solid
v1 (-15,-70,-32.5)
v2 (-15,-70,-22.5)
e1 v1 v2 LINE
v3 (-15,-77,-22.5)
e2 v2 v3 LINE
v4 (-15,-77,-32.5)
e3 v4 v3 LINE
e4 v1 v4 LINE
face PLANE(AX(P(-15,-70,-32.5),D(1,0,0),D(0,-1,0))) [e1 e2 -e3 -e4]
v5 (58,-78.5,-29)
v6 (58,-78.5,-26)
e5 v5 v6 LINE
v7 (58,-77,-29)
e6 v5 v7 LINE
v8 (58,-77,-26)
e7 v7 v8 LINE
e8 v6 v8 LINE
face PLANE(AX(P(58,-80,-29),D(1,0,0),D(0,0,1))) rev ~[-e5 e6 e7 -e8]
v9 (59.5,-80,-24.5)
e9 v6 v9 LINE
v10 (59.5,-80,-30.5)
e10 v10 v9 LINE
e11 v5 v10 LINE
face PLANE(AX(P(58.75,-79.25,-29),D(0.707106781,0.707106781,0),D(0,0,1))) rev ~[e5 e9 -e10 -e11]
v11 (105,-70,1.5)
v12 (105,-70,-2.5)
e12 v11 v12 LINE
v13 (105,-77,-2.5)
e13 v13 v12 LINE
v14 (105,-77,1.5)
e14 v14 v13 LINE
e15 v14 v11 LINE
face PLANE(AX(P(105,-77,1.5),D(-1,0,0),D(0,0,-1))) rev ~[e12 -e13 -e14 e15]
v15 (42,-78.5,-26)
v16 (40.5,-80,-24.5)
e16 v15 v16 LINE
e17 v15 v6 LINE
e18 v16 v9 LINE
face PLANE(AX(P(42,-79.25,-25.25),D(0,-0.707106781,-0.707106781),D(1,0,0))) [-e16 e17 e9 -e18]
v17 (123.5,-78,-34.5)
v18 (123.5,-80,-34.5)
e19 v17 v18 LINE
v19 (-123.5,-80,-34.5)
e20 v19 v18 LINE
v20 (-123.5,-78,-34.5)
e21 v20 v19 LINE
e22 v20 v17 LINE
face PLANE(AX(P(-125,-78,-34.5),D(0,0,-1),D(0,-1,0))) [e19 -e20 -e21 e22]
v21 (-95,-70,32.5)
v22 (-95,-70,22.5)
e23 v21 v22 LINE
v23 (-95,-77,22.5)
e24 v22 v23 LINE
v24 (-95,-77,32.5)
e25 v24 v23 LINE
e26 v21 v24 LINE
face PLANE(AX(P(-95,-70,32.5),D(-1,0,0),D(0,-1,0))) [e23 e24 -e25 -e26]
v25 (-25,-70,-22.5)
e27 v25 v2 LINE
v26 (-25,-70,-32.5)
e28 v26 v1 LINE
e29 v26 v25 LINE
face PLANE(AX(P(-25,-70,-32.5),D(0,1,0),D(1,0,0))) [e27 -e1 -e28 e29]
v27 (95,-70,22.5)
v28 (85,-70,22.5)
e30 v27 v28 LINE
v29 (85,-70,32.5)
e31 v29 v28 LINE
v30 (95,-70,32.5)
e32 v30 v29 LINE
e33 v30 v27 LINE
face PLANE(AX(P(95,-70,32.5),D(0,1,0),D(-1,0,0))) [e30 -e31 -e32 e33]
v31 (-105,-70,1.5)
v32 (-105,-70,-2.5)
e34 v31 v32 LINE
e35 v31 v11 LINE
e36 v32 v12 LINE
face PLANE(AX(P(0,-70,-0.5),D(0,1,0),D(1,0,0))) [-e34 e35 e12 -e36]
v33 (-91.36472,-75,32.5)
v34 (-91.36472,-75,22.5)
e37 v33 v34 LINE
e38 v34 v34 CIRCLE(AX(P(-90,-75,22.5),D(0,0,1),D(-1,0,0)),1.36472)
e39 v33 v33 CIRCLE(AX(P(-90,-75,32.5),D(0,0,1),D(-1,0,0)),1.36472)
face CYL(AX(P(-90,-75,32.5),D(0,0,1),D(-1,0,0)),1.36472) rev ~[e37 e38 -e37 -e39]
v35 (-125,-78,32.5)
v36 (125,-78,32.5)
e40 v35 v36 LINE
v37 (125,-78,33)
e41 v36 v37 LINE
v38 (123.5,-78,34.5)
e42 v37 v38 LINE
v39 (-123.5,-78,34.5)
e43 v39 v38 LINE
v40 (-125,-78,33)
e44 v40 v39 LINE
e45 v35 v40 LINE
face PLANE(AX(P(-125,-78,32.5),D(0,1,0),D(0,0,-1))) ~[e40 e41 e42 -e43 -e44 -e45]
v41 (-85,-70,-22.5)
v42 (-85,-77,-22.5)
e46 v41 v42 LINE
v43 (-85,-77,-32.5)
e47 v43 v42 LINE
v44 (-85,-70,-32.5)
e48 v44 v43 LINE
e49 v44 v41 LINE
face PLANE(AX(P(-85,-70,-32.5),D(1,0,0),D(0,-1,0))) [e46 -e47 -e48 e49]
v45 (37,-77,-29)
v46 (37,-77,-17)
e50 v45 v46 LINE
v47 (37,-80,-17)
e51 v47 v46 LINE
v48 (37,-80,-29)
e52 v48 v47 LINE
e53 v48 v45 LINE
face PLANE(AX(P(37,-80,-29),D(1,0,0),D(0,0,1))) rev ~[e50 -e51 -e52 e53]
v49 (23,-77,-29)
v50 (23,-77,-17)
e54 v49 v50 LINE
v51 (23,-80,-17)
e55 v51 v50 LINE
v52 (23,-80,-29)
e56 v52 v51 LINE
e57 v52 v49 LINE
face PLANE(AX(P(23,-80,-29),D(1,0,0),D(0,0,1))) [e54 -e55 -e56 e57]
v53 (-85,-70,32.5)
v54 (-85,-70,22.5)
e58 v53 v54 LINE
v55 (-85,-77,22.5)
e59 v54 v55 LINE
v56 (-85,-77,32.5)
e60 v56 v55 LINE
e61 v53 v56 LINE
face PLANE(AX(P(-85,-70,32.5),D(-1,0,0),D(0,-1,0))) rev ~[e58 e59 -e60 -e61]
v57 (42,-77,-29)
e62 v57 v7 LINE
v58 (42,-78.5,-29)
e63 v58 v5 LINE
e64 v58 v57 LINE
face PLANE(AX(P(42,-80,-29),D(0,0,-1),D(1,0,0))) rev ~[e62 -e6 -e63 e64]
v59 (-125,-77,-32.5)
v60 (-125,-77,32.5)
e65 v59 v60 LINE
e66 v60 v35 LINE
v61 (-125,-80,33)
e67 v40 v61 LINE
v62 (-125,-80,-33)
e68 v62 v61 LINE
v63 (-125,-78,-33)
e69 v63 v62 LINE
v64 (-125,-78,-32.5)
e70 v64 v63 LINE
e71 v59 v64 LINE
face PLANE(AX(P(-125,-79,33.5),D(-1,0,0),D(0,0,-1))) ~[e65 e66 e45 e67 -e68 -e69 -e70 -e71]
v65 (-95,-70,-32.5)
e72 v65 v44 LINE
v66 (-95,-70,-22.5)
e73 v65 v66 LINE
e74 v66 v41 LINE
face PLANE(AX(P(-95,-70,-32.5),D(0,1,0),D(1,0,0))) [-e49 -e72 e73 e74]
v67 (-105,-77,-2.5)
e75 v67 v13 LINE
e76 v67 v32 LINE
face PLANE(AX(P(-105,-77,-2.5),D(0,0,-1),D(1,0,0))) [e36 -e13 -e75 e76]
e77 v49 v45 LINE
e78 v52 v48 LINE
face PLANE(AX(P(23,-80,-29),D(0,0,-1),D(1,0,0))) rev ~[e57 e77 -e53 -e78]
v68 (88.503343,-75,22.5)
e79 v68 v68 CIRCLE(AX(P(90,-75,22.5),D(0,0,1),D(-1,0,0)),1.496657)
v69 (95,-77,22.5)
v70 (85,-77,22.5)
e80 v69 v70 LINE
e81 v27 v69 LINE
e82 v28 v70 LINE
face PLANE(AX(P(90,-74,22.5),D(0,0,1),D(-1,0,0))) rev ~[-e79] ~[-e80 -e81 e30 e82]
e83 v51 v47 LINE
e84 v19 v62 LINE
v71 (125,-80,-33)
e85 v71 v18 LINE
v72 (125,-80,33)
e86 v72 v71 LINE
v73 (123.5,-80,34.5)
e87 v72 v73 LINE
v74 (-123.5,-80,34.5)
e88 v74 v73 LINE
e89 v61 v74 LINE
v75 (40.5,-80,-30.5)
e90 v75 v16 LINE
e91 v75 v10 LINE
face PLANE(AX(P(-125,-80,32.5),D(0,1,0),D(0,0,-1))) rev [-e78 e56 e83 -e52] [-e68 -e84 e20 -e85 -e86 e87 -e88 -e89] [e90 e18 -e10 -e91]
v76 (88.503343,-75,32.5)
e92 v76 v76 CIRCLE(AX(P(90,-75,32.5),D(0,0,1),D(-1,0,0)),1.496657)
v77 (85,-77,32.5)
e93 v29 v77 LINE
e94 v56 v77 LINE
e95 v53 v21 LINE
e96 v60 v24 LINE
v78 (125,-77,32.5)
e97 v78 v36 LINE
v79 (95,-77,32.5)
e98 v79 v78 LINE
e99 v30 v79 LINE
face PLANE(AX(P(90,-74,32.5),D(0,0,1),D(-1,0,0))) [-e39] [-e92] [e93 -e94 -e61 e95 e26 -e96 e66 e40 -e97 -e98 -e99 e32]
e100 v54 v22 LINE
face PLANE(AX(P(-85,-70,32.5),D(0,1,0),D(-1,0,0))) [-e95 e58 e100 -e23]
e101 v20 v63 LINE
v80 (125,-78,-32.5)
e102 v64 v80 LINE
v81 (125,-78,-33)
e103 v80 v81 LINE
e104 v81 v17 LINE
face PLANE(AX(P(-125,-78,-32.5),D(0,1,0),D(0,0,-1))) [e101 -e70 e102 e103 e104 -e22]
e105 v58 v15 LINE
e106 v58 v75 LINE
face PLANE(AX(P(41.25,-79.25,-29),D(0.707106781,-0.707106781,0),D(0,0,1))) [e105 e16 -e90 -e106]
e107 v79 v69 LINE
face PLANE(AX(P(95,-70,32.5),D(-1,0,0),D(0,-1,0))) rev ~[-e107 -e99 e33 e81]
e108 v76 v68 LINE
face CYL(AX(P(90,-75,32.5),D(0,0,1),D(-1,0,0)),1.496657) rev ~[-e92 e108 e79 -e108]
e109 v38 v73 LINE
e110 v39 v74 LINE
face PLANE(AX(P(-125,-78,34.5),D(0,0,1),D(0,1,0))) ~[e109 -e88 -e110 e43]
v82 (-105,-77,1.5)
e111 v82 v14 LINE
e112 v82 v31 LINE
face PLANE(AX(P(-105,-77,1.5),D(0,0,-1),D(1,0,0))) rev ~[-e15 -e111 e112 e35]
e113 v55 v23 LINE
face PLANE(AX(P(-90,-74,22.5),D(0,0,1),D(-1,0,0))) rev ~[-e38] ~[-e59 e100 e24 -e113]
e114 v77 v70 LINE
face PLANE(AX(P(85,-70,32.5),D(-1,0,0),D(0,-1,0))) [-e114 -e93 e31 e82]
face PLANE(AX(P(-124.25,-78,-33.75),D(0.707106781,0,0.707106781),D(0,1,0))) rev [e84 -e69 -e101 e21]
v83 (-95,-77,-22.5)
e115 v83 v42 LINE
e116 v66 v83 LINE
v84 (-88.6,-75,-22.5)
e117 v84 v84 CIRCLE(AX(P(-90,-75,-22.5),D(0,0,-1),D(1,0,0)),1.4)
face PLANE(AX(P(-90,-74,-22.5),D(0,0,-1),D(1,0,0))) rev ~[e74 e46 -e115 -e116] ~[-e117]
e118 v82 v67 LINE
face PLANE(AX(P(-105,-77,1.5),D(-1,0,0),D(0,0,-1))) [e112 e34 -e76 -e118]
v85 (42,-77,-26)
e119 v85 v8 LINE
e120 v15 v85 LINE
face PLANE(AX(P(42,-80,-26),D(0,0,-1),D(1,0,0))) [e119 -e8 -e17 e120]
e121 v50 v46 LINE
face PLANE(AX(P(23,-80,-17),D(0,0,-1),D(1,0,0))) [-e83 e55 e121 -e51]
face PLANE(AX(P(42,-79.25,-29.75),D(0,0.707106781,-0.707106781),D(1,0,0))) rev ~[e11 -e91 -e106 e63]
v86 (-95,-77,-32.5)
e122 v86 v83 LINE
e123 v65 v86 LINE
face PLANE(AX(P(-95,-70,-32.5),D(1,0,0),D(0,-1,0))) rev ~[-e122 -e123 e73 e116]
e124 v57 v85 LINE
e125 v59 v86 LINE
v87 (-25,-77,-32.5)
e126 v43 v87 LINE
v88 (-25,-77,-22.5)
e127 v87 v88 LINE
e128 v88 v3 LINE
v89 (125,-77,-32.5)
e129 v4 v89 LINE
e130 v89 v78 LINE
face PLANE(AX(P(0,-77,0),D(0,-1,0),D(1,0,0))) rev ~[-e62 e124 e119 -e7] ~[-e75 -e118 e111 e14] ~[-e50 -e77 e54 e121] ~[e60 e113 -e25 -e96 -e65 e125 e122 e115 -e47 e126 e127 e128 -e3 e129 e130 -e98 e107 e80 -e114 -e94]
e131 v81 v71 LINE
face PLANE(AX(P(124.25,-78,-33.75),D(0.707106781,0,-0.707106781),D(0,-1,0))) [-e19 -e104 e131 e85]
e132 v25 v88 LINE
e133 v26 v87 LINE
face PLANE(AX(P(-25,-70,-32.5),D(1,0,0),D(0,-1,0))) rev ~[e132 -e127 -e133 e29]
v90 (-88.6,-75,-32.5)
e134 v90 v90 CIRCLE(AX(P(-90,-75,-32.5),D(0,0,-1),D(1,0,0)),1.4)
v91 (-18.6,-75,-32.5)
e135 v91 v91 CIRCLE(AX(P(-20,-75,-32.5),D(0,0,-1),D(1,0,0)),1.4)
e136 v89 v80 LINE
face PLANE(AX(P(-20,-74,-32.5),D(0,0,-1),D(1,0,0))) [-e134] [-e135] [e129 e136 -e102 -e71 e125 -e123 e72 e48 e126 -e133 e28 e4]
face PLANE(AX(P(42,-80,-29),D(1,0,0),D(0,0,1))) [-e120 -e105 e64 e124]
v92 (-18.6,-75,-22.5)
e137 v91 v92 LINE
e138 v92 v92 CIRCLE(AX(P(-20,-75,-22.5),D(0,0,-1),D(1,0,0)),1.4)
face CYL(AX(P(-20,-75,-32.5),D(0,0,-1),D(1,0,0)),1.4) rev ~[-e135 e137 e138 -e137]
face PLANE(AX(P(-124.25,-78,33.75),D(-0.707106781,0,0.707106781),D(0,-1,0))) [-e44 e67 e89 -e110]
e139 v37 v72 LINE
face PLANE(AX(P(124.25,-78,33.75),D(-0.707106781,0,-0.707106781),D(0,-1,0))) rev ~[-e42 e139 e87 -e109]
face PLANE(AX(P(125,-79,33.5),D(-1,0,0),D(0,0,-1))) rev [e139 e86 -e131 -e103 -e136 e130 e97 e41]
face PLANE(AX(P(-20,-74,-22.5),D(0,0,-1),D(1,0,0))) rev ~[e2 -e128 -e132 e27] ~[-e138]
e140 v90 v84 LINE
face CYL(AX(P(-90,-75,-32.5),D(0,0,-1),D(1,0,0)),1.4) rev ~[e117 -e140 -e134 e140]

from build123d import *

# Parameters (mm, degrees)
SKETCH006_W     = 250
SKETCH006_H     = 65
PAD003_DEPTH    = 3
SKETCH014_W     = 14
SKETCH014_H     = 12
SKETCH014_W_2   = 16
SKETCH014_H_2   = 3
POCKET006_DEPTH = 5
SKETCH029_W     = 10
SKETCH029_H     = 8
PAD010_DEPTH    = 10
SKETCH034_W     = 10
SKETCH034_H     = 8
PAD012_DEPTH    = 10
SKETCH038_R     = 1.496657
SKETCH038_R_2   = 1.36472
POCKET040_DEPTH = 11
SKETCH030_R     = 1.4
POCKET041_DEPTH = 14
SKETCH041_W     = 210
SKETCH041_H     = 4
PAD022_DEPTH    = 7
SKETCH042_W     = 2
SKETCH042_H     = 2
PAD023_DEPTH    = 250
CHAMFER036_SIZE = 1.5


with BuildPart() as part:
    # Sketch006 → Pad003 (new body)
    with BuildSketch(Plane.XZ):
        Rectangle(SKETCH006_W, SKETCH006_H)
    extrude(amount=PAD003_DEPTH)

    # Sketch014 (on Face6 of Pad003) → Pocket006 (cut)
    with BuildSketch(Plane.XZ.offset(3)):
        with Locations((30, -23)):
            Rectangle(SKETCH014_W, SKETCH014_H)
        with Locations((50, -27.5)):
            Rectangle(SKETCH014_W_2, SKETCH014_H_2)
    extrude(amount=-POCKET006_DEPTH, mode=Mode.SUBTRACT)

    # Sketch029 (on Face1 of Pocket006) → Pad010 (join)
    with BuildSketch(Plane(origin=(0, 0, 32.5), x_dir=(-1, 0, 0), z_dir=(0, 0, 1))):
        with Locations((-90, -3)):
            Rectangle(SKETCH029_W, SKETCH029_H)
        with Locations((90, -3)):
            Rectangle(SKETCH029_W, SKETCH029_H)
    extrude(amount=-PAD010_DEPTH)

    # Sketch034 → Pad012 (join)
    with BuildSketch(Plane(origin=(0, 0, -32.5), x_dir=(1, 0, 0), z_dir=(0, 0, -1))):
        with Locations((-20, -3)):
            Rectangle(SKETCH034_W, SKETCH034_H)
        with Locations((-90, -3)):
            Rectangle(SKETCH034_W, SKETCH034_H)
    extrude(amount=-PAD012_DEPTH)

    # Sketch038 (on Face30 of Pad012) → Pocket040 (cut)
    with BuildSketch(Plane(origin=(0, 0, 32.5), x_dir=(-1, 0, 0), z_dir=(0, 0, 1))):
        with Locations((-90, -2)):
            Circle(SKETCH038_R)
        with Locations((90, -2)):
            Circle(SKETCH038_R_2)
    extrude(amount=-POCKET040_DEPTH, mode=Mode.SUBTRACT)

    # Sketch030 → Pocket041 (cut)
    with BuildSketch(Plane(origin=(0, 0, -32.5), x_dir=(1, 0, 0), z_dir=(0, 0, -1))):
        with Locations((-20, -2)):
            Circle(SKETCH030_R)
        with Locations((-90, -2)):
            Circle(SKETCH030_R)
    extrude(amount=-POCKET041_DEPTH, mode=Mode.SUBTRACT)

    # Sketch041 → Pad022 (join)
    with BuildSketch(Plane(origin=(0, 0, 0), x_dir=(1, 0, 0), z_dir=(0, 1, 0))):
        with Locations((0, 0.5)):
            Rectangle(SKETCH041_W, SKETCH041_H)
    extrude(amount=PAD022_DEPTH)

    # Sketch042 → Pad023 (join)
    with BuildSketch(Plane(origin=(-125, 0, 0), x_dir=(0, 0, -1), z_dir=(-1, 0, 0))):
        with Locations((33.5, 2)):
            Rectangle(SKETCH042_W, SKETCH042_H)
    pad023 = extrude(amount=-PAD023_DEPTH)

    # Mirrored007: Pad023 across Sketch042 V_Axis
    add(pad023.mirror(Plane(origin=(-125, 0, 0), x_dir=(-1, 0, 0), z_dir=(0, 0, -1))))

    # Chamfer036
    chamfer036_edges = [part.edges().sort_by_distance(p)[0] for p in [
        (50, -3, -26),
        (58, -3, -27.5),
        (42, -3, -27.5),
        (50, -3, -29),
        (125, -2, -34.5),
        (125, -2, 34.5),
        (-125, -2, 34.5),
        (-125, -2, -34.5),
    ]]
    chamfer(chamfer036_edges, length=CHAMFER036_SIZE)


with BuildPart() as part_1:
    # Body002 placement: moved
    add(part.part.moved(Location((0, -77, 0))))


solid = part_1.part
